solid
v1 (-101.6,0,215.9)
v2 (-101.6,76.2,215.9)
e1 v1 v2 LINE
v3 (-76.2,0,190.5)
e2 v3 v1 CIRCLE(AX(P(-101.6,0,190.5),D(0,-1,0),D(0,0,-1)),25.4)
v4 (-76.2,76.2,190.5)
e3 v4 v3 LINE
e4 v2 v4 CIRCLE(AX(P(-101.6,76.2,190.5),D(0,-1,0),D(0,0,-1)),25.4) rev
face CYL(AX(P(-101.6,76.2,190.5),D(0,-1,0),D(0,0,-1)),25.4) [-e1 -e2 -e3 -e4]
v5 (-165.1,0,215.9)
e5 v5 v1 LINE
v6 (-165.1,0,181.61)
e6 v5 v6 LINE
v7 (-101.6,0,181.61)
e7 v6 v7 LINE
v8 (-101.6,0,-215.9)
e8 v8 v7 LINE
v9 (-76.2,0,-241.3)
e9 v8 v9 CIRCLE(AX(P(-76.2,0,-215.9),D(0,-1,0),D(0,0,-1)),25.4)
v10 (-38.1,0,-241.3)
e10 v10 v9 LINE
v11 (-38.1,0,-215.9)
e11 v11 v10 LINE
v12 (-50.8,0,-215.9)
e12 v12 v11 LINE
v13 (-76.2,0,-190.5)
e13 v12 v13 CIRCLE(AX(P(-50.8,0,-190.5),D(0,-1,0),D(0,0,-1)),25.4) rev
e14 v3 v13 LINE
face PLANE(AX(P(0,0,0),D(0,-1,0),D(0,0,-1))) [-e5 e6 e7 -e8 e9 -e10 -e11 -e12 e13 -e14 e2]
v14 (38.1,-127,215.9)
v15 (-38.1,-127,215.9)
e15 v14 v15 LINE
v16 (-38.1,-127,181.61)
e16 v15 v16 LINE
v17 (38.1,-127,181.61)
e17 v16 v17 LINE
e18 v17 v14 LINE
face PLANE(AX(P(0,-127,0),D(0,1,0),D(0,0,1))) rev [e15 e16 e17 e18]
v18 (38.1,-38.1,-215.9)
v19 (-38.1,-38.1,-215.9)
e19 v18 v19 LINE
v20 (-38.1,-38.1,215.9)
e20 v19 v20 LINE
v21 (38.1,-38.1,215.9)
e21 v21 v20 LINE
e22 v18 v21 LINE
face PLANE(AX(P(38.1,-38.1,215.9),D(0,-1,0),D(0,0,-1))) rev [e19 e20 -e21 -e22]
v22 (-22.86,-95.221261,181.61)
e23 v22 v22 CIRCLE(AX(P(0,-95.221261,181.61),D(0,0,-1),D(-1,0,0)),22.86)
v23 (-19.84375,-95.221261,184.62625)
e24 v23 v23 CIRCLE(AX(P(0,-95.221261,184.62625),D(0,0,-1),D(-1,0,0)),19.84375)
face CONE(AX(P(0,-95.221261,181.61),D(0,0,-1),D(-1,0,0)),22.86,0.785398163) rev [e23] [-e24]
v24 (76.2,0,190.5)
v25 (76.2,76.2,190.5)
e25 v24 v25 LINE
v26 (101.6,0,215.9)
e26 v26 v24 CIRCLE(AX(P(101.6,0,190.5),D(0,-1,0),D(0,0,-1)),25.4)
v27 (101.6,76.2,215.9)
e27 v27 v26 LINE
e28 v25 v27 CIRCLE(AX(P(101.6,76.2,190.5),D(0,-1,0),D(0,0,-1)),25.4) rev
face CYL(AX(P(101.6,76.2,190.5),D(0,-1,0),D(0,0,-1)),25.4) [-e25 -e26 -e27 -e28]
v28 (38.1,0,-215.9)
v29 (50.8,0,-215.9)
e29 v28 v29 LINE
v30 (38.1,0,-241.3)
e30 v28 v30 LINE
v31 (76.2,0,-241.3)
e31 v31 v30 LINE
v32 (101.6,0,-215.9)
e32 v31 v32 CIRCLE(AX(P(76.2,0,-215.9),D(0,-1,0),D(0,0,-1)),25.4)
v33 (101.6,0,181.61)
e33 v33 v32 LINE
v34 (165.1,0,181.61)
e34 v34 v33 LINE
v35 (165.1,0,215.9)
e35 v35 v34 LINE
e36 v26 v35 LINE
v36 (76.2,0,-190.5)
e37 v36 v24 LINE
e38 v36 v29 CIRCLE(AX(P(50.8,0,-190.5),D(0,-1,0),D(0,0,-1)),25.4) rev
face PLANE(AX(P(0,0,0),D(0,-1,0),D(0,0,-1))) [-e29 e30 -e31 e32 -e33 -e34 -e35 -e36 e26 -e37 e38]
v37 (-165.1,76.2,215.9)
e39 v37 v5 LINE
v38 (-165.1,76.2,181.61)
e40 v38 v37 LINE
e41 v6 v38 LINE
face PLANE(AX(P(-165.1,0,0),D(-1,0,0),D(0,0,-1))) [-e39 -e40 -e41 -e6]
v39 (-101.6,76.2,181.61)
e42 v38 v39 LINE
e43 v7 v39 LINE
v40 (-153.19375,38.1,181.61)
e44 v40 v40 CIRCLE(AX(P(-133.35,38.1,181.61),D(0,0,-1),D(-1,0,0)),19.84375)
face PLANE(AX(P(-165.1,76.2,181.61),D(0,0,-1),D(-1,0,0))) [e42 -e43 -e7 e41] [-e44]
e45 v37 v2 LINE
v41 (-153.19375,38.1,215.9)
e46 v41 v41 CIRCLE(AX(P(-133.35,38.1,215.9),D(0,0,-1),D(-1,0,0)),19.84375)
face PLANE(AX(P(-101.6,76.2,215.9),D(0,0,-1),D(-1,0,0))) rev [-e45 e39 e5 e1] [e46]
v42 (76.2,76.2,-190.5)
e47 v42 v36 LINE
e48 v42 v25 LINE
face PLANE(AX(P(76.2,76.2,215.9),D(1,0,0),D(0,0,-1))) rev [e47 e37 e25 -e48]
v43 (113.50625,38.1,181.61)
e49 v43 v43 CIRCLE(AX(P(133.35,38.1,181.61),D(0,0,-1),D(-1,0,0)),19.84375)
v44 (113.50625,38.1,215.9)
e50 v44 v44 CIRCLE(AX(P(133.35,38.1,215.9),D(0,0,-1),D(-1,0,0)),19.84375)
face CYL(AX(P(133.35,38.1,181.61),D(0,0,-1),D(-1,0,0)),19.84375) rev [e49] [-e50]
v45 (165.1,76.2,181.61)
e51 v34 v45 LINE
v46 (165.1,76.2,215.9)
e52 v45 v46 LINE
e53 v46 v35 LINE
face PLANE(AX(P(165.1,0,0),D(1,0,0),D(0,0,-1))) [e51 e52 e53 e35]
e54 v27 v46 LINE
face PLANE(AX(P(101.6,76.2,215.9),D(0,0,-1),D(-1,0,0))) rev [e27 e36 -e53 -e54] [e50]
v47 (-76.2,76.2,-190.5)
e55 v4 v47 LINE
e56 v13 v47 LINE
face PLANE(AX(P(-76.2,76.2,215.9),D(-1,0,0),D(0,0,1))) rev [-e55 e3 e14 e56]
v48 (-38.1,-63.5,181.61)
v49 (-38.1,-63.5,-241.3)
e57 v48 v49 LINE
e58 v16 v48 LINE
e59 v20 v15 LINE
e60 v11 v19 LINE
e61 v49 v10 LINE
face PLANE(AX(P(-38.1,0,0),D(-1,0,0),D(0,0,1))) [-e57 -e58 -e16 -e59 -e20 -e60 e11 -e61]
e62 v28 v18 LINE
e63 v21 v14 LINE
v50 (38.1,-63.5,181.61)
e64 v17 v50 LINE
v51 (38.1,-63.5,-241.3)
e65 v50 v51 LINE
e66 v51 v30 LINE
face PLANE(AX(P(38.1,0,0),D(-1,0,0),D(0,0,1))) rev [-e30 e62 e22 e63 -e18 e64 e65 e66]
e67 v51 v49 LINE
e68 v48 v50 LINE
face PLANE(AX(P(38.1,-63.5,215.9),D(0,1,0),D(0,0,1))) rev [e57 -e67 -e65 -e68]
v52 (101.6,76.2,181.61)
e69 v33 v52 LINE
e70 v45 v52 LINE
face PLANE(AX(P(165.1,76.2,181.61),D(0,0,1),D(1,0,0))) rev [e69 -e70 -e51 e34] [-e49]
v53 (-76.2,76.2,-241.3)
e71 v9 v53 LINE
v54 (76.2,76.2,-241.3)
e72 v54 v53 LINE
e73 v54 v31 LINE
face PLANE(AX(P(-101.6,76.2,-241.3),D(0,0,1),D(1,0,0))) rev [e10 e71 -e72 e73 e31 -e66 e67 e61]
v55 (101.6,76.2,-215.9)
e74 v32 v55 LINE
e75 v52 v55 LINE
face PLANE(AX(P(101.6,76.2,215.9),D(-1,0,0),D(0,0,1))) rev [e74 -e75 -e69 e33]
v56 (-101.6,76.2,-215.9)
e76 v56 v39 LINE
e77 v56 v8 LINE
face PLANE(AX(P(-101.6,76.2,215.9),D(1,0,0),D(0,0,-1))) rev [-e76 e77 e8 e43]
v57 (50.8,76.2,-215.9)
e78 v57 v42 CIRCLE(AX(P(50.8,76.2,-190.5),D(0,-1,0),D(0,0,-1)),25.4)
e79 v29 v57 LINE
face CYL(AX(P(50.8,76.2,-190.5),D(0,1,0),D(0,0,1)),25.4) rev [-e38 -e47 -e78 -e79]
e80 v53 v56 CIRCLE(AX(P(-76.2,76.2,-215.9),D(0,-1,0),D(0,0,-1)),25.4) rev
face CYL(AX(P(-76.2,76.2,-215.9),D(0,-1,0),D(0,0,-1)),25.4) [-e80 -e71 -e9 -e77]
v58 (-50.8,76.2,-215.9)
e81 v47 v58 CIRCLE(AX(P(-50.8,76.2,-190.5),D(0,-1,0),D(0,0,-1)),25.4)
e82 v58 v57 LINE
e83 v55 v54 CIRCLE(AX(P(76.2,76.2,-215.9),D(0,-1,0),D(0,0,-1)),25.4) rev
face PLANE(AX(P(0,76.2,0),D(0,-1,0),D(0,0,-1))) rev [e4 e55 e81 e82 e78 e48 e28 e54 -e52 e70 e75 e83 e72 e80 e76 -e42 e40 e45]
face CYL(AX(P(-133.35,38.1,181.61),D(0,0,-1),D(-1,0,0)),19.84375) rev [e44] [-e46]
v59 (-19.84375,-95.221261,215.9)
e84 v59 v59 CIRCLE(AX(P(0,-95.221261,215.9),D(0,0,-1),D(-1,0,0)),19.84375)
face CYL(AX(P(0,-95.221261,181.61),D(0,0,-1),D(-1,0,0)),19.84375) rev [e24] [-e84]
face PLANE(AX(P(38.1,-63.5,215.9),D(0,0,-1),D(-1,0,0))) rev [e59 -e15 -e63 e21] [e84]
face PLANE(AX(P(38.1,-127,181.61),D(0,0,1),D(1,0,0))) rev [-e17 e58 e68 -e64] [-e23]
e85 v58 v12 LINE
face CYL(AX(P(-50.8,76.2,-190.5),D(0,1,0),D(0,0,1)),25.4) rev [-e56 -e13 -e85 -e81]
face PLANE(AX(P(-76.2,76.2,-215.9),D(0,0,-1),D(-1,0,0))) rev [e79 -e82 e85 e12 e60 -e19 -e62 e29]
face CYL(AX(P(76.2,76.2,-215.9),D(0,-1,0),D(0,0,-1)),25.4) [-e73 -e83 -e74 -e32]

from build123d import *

# Parameters (mm, degrees)
BOSS_EXTRUDE1_DEPTH                = 76.2
SKETCH3_W                          = 34.29
SKETCH3_H                          = 76.2
BOSS_EXTRUDE2_DEPTH                = 63.5
FILLET1_R                          = 25.4
FILLET2_R                          = 25.4
F_1_3_4_5_TAPPED_HOLE1_D           = 39.6875
BOSS_EXTRUDE3_DEPTH                = 38.1
SKETCH10_W                         = 76.2
SKETCH10_H                         = 34.29
BOSS_EXTRUDE4_DEPTH                = 63.5
F_1_3_4_5_TAPPED_HOLE2_D           = 39.6875
F_1_3_4_5_TAPPED_HOLE2_CSINK_D     = 45.72
F_1_3_4_5_TAPPED_HOLE2_CSINK_ANGLE = 90


with BuildPart() as part:
    # Sketch2 → Boss-Extrude1 (new body)
    with BuildSketch(Plane(origin=(0, 0, 0), x_dir=(1, 0, 0), z_dir=(0, 1, 0))):
        Polygon((-101.6, -215.9), (-101.6, 241.3), (101.6, 241.3), (101.6, -215.9), (76.2, -215.9), (76.2, 215.9), (-76.2, 215.9), (-76.2, -215.9), align=None)
    extrude(amount=BOSS_EXTRUDE1_DEPTH)

    # Sketch3 → Boss-Extrude2 (add)
    with BuildSketch(Plane(origin=(101.6, 0, 0), x_dir=(0, 0, -1), z_dir=(1, 0, 0))):
        with Locations((-198.755, 38.1)):
            Rectangle(SKETCH3_W, SKETCH3_H)
    boss_extrude2 = extrude(amount=BOSS_EXTRUDE2_DEPTH)

    # Mirror1: Boss-Extrude2 across plane
    add(boss_extrude2.mirror(Plane(origin=(0, 0, 0), x_dir=(0, 0, 1), z_dir=(1, 0, 0))))

    # Fillet1
    fillet1_edges = [part.edges().sort_by_distance(p)[0] for p in [
        (-76.2, 38.1, 215.9),
        (-101.6, 38.1, -241.3),
        (101.6, 38.1, -241.3),
        (76.2, 38.1, 215.9),
    ]]
    fillet(fillet1_edges, radius=FILLET1_R)

    # Fillet2
    fillet2_edges = [part.edges().sort_by_distance(p)[0] for p in [
        (76.2, 38.1, -215.9),
        (-76.2, 38.1, -215.9),
    ]]
    fillet(fillet2_edges, radius=FILLET2_R)

    # 1-3/4-5 Tapped Hole1 (through all)
    with Locations(Plane(origin=(0, 0, 181.61), x_dir=(-1, 0, 0), z_dir=(0, 0, -1))):
        with Locations((-133.35, 38.1)):
            f_1_3_4_5_tapped_hole1 = Hole(F_1_3_4_5_TAPPED_HOLE1_D / 2)

    # Mirror2: 1-3/4-5 Tapped Hole1 across plane
    add(f_1_3_4_5_tapped_hole1.mirror(Plane(origin=(0, 0, 0), x_dir=(0, 0, 1), z_dir=(1, 0, 0))), mode=Mode.SUBTRACT)

    # Sketch9 → Boss-Extrude3 (add, symmetric)
    with BuildSketch(Plane(origin=(0, 0, 0), x_dir=(0, 0, -1), z_dir=(1, 0, 0))):
        Polygon((-215.9, -63.5), (241.3, -63.5), (241.3, 38.1), (215.9, 38.1), (215.9, -38.1), (-215.9, -38.1), align=None)
    extrude(amount=BOSS_EXTRUDE3_DEPTH, both=True)

    # Sketch10 → Boss-Extrude4 (add)
    with BuildSketch(Plane.XZ.offset(63.5)):
        with Locations((0, 198.755)):
            Rectangle(SKETCH10_W, SKETCH10_H)
    extrude(amount=BOSS_EXTRUDE4_DEPTH)

    # 1-3/4-5 Tapped Hole2 (through all)
    with Locations(Plane(origin=(0, 0, 181.61), x_dir=(-1, 0, 0), z_dir=(0, 0, -1))):
        with Locations((0, -95.221260733)):
            CounterSinkHole(F_1_3_4_5_TAPPED_HOLE2_D / 2, F_1_3_4_5_TAPPED_HOLE2_CSINK_D / 2, counter_sink_angle=F_1_3_4_5_TAPPED_HOLE2_CSINK_ANGLE)


solid = part.part
